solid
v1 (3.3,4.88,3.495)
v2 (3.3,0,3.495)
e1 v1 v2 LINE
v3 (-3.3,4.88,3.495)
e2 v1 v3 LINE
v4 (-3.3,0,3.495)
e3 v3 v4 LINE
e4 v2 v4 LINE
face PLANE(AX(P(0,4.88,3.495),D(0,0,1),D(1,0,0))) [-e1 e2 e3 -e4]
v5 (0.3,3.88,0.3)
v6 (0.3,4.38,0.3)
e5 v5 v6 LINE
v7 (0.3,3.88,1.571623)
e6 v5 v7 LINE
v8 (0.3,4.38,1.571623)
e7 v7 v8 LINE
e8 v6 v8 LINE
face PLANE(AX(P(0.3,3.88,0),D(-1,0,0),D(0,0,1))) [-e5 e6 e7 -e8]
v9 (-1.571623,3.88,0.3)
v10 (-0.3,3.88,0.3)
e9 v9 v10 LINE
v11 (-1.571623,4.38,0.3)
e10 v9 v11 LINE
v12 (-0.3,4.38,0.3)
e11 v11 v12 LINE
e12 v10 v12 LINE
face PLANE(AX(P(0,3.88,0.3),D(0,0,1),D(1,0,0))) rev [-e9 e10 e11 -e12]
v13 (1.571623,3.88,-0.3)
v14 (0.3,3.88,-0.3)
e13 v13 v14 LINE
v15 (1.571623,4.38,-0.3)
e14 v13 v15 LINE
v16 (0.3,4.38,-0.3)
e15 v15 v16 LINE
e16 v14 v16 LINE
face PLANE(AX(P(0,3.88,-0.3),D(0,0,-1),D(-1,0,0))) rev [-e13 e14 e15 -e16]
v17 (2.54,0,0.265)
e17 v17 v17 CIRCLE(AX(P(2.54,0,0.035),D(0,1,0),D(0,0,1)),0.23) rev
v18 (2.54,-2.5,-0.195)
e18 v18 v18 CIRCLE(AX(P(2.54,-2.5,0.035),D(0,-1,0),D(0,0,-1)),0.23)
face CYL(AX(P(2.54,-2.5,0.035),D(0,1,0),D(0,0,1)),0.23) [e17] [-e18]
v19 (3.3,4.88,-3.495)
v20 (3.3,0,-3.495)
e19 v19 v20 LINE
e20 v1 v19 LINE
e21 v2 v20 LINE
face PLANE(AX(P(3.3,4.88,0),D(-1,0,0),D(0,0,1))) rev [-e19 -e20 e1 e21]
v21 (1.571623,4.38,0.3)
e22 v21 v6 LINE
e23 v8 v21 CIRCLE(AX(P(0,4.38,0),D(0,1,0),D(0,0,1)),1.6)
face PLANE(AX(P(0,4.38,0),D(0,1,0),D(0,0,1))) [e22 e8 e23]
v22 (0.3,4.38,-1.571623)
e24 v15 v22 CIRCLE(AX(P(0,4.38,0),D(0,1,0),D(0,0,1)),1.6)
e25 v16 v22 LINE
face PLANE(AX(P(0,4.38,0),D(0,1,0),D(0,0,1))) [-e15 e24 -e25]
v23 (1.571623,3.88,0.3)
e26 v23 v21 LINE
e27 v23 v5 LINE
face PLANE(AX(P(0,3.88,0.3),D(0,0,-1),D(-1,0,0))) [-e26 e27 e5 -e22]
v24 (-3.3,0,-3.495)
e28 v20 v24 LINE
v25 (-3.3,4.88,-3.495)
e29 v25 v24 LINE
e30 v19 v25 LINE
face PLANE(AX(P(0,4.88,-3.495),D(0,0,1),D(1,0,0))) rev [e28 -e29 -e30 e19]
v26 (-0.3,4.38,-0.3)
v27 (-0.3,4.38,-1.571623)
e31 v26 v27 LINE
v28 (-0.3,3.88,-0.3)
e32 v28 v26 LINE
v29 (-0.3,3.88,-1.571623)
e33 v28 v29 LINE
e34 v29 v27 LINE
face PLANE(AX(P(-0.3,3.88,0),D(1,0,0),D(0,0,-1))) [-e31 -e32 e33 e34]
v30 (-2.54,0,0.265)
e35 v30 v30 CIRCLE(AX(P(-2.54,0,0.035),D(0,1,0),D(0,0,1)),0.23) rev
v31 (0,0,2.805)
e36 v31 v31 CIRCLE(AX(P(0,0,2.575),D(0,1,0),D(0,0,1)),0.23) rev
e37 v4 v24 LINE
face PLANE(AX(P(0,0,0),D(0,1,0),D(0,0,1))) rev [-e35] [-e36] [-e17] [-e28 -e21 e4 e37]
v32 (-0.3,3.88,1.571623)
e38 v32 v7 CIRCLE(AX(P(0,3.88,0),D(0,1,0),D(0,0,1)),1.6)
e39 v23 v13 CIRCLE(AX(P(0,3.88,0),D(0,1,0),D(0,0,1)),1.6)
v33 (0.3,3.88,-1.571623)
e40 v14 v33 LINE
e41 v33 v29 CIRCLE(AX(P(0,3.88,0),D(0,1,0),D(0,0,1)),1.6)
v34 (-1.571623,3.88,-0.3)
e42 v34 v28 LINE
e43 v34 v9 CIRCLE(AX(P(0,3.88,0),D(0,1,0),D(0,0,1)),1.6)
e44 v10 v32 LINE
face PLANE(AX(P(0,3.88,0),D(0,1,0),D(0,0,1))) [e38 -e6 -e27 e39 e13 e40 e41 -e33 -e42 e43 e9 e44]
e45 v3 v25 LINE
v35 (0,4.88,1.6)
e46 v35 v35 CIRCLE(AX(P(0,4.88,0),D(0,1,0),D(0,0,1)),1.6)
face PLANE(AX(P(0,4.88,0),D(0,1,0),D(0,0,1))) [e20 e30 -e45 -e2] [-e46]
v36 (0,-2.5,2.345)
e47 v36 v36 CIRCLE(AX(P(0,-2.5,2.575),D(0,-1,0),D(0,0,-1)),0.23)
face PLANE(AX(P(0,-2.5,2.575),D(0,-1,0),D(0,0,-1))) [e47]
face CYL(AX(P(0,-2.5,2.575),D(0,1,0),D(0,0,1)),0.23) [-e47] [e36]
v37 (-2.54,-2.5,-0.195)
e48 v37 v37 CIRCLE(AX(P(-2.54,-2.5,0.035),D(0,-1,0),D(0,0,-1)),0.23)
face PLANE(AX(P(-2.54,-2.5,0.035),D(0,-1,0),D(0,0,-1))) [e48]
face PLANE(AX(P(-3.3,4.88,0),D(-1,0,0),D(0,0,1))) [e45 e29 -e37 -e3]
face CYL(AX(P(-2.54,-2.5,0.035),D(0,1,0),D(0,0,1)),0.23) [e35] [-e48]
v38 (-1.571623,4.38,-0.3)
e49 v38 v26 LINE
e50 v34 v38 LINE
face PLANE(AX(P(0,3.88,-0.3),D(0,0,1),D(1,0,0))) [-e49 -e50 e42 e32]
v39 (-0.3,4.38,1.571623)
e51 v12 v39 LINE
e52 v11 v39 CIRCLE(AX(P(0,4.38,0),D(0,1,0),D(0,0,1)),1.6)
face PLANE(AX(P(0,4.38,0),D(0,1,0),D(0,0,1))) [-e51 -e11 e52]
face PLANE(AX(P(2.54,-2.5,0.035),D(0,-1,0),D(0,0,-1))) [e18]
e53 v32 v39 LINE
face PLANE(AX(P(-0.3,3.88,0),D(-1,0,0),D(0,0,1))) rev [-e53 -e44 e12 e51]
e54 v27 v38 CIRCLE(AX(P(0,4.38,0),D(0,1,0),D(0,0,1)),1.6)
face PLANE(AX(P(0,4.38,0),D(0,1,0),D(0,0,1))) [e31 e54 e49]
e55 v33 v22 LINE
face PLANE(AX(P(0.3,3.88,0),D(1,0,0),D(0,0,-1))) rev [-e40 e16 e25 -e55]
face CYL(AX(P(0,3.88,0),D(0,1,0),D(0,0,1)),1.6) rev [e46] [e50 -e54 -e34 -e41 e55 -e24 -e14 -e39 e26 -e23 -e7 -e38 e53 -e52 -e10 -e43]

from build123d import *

# Parameters (mm, degrees)
SKETCH_1_W          = 6.6
SKETCH_1_H          = 6.99
SKETCH_1_R          = 1.6
EXTRUDE_1_DEPTH     = 4.88
CUT_EXTRUDE_START   = 4.88
CUT_EXTRUDE_1_DEPTH = 1
CUT_EXTRUDE_2_DEPTH = 0.5
SKETCH_2_R          = 0.23
EXTRUDE_2_DEPTH     = 2.5


with BuildPart() as part:
    # Эскиз1 → Бобышка-Вытянуть1 (new body)
    # profile 1 of 6: a face of its own
    with BuildSketch(Plane(origin=(0, 0, 0), x_dir=(1, 0, 0), z_dir=(0, 1, 0))):
        Rectangle(SKETCH_1_W, SKETCH_1_H)
        Circle(SKETCH_1_R, mode=Mode.SUBTRACT)
    # profile 2 of 6: a face of its own
    with BuildSketch(Plane(origin=(0, 0, 0), x_dir=(1, 0, 0), z_dir=(0, 1, 0))):
        with BuildLine():
            ThreePointArc((0.3, 1.571623365), (0, 1.6), (-0.3, 1.571623365))
            Line((-0.3, 1.571623365), (-0.3, 0.3))
            Line((-0.3, 0.3), (-1.571623365, 0.3))
            ThreePointArc((-1.571623365, 0.3), (-1.6, 0), (-1.571623365, -0.3))
            Line((-1.571623365, -0.3), (-0.3, -0.3))
            Line((-0.3, -0.3), (-0.3, -1.571623365))
            ThreePointArc((-0.3, -1.571623365), (0, -1.6), (0.3, -1.571623365))
            Line((0.3, -1.571623365), (0.3, -0.3))
            Line((0.3, -0.3), (1.571623365, -0.3))
            ThreePointArc((1.571623365, -0.3), (1.592890044, -0.150669534), (1.6, 0))
            ThreePointArc((1.6, 0), (1.592890044, 0.150669534), (1.571623365, 0.3))
            Line((1.571623365, 0.3), (0.3, 0.3))
            Line((0.3, 0.3), (0.3, 1.571623365))
        make_face()
    # profile 3 of 6: a face of its own
    with BuildSketch(Plane(origin=(0, 0, 0), x_dir=(1, 0, 0), z_dir=(0, 1, 0))):
        with BuildLine():
            ThreePointArc((0.3, -1.571623365), (1.13137085, -1.13137085), (1.571623365, -0.3))
            Line((1.571623365, -0.3), (0.3, -0.3))
            Line((0.3, -0.3), (0.3, -1.571623365))
        make_face()
    # profile 4 of 6: a face of its own
    with BuildSketch(Plane(origin=(0, 0, 0), x_dir=(1, 0, 0), z_dir=(0, 1, 0))):
        with BuildLine():
            Line((-0.3, -0.3), (-1.571623365, -0.3))
            ThreePointArc((-1.571623365, -0.3), (-1.13137085, -1.13137085), (-0.3, -1.571623365))
            Line((-0.3, -1.571623365), (-0.3, -0.3))
        make_face()
    # profile 5 of 6: a face of its own
    with BuildSketch(Plane(origin=(0, 0, 0), x_dir=(1, 0, 0), z_dir=(0, 1, 0))):
        with BuildLine():
            Line((-0.3, 0.3), (-0.3, 1.571623365))
            ThreePointArc((-0.3, 1.571623365), (-1.13137085, 1.13137085), (-1.571623365, 0.3))
            Line((-1.571623365, 0.3), (-0.3, 0.3))
        make_face()
    # profile 6 of 6: a face of its own
    with BuildSketch(Plane(origin=(0, 0, 0), x_dir=(1, 0, 0), z_dir=(0, 1, 0))):
        with BuildLine():
            ThreePointArc((1.571623365, 0.3), (1.13137085, 1.13137085), (0.3, 1.571623365))
            Line((0.3, 1.571623365), (0.3, 0.3))
            Line((0.3, 0.3), (1.571623365, 0.3))
        make_face()
    extrude(amount=EXTRUDE_1_DEPTH)

    # Эскиз1<3> → Вырез-Вытянуть1 (cut)
    with BuildSketch(Plane(origin=(0, 0, 0), x_dir=(1, 0, 0), z_dir=(0, 1, 0)).offset(CUT_EXTRUDE_START)):
        with BuildLine():
            ThreePointArc((0.3, 1.571623365), (0, 1.6), (-0.3, 1.571623365))
            Line((-0.3, 1.571623365), (-0.3, 0.3))
            Line((-0.3, 0.3), (-1.571623365, 0.3))
            ThreePointArc((-1.571623365, 0.3), (-1.6, 0), (-1.571623365, -0.3))
            Line((-1.571623365, -0.3), (-0.3, -0.3))
            Line((-0.3, -0.3), (-0.3, -1.571623365))
            ThreePointArc((-0.3, -1.571623365), (0, -1.6), (0.3, -1.571623365))
            Line((0.3, -1.571623365), (0.3, -0.3))
            Line((0.3, -0.3), (1.571623365, -0.3))
            ThreePointArc((1.571623365, -0.3), (1.592890044, -0.150669534), (1.6, 0))
            ThreePointArc((1.6, 0), (1.592890044, 0.150669534), (1.571623365, 0.3))
            Line((1.571623365, 0.3), (0.3, 0.3))
            Line((0.3, 0.3), (0.3, 1.571623365))
        make_face()
    extrude(amount=-CUT_EXTRUDE_1_DEPTH, mode=Mode.SUBTRACT)

    # Эскиз1<4> → Вырез-Вытянуть2 (cut)
    with BuildSketch(Plane(origin=(0, 0, 0), x_dir=(1, 0, 0), z_dir=(0, 1, 0)).offset(CUT_EXTRUDE_START)):
        with BuildLine():
            Line((-0.3, -0.3), (-1.571623365, -0.3))
            ThreePointArc((-1.571623365, -0.3), (-1.13137085, -1.13137085), (-0.3, -1.571623365))
            Line((-0.3, -1.571623365), (-0.3, -0.3))
        make_face()
        with BuildLine():
            Line((-0.3, 0.3), (-0.3, 1.571623365))
            ThreePointArc((-0.3, 1.571623365), (-1.13137085, 1.13137085), (-1.571623365, 0.3))
            Line((-1.571623365, 0.3), (-0.3, 0.3))
        make_face()
        with BuildLine():
            ThreePointArc((1.571623365, 0.3), (1.13137085, 1.13137085), (0.3, 1.571623365))
            Line((0.3, 1.571623365), (0.3, 0.3))
            Line((0.3, 0.3), (1.571623365, 0.3))
        make_face()
        with BuildLine():
            ThreePointArc((0.3, -1.571623365), (1.13137085, -1.13137085), (1.571623365, -0.3))
            Line((1.571623365, -0.3), (0.3, -0.3))
            Line((0.3, -0.3), (0.3, -1.571623365))
        make_face()
    extrude(amount=-CUT_EXTRUDE_2_DEPTH, mode=Mode.SUBTRACT)

    # Эскиз2 → Бобышка-Вытянуть2 (add)
    with BuildSketch(Plane.XZ):
        with Locations(Location((0, 2.575, 0), (0, 0, 90))):
            Circle(SKETCH_2_R)
        with Locations(Location((2.54, 0.035, 0), (0, 0, 90))):
            Circle(SKETCH_2_R)
        with Locations(Location((-2.54, 0.035, 0), (0, 0, 90))):
            Circle(SKETCH_2_R)
    extrude(amount=EXTRUDE_2_DEPTH)


solid = part.part
